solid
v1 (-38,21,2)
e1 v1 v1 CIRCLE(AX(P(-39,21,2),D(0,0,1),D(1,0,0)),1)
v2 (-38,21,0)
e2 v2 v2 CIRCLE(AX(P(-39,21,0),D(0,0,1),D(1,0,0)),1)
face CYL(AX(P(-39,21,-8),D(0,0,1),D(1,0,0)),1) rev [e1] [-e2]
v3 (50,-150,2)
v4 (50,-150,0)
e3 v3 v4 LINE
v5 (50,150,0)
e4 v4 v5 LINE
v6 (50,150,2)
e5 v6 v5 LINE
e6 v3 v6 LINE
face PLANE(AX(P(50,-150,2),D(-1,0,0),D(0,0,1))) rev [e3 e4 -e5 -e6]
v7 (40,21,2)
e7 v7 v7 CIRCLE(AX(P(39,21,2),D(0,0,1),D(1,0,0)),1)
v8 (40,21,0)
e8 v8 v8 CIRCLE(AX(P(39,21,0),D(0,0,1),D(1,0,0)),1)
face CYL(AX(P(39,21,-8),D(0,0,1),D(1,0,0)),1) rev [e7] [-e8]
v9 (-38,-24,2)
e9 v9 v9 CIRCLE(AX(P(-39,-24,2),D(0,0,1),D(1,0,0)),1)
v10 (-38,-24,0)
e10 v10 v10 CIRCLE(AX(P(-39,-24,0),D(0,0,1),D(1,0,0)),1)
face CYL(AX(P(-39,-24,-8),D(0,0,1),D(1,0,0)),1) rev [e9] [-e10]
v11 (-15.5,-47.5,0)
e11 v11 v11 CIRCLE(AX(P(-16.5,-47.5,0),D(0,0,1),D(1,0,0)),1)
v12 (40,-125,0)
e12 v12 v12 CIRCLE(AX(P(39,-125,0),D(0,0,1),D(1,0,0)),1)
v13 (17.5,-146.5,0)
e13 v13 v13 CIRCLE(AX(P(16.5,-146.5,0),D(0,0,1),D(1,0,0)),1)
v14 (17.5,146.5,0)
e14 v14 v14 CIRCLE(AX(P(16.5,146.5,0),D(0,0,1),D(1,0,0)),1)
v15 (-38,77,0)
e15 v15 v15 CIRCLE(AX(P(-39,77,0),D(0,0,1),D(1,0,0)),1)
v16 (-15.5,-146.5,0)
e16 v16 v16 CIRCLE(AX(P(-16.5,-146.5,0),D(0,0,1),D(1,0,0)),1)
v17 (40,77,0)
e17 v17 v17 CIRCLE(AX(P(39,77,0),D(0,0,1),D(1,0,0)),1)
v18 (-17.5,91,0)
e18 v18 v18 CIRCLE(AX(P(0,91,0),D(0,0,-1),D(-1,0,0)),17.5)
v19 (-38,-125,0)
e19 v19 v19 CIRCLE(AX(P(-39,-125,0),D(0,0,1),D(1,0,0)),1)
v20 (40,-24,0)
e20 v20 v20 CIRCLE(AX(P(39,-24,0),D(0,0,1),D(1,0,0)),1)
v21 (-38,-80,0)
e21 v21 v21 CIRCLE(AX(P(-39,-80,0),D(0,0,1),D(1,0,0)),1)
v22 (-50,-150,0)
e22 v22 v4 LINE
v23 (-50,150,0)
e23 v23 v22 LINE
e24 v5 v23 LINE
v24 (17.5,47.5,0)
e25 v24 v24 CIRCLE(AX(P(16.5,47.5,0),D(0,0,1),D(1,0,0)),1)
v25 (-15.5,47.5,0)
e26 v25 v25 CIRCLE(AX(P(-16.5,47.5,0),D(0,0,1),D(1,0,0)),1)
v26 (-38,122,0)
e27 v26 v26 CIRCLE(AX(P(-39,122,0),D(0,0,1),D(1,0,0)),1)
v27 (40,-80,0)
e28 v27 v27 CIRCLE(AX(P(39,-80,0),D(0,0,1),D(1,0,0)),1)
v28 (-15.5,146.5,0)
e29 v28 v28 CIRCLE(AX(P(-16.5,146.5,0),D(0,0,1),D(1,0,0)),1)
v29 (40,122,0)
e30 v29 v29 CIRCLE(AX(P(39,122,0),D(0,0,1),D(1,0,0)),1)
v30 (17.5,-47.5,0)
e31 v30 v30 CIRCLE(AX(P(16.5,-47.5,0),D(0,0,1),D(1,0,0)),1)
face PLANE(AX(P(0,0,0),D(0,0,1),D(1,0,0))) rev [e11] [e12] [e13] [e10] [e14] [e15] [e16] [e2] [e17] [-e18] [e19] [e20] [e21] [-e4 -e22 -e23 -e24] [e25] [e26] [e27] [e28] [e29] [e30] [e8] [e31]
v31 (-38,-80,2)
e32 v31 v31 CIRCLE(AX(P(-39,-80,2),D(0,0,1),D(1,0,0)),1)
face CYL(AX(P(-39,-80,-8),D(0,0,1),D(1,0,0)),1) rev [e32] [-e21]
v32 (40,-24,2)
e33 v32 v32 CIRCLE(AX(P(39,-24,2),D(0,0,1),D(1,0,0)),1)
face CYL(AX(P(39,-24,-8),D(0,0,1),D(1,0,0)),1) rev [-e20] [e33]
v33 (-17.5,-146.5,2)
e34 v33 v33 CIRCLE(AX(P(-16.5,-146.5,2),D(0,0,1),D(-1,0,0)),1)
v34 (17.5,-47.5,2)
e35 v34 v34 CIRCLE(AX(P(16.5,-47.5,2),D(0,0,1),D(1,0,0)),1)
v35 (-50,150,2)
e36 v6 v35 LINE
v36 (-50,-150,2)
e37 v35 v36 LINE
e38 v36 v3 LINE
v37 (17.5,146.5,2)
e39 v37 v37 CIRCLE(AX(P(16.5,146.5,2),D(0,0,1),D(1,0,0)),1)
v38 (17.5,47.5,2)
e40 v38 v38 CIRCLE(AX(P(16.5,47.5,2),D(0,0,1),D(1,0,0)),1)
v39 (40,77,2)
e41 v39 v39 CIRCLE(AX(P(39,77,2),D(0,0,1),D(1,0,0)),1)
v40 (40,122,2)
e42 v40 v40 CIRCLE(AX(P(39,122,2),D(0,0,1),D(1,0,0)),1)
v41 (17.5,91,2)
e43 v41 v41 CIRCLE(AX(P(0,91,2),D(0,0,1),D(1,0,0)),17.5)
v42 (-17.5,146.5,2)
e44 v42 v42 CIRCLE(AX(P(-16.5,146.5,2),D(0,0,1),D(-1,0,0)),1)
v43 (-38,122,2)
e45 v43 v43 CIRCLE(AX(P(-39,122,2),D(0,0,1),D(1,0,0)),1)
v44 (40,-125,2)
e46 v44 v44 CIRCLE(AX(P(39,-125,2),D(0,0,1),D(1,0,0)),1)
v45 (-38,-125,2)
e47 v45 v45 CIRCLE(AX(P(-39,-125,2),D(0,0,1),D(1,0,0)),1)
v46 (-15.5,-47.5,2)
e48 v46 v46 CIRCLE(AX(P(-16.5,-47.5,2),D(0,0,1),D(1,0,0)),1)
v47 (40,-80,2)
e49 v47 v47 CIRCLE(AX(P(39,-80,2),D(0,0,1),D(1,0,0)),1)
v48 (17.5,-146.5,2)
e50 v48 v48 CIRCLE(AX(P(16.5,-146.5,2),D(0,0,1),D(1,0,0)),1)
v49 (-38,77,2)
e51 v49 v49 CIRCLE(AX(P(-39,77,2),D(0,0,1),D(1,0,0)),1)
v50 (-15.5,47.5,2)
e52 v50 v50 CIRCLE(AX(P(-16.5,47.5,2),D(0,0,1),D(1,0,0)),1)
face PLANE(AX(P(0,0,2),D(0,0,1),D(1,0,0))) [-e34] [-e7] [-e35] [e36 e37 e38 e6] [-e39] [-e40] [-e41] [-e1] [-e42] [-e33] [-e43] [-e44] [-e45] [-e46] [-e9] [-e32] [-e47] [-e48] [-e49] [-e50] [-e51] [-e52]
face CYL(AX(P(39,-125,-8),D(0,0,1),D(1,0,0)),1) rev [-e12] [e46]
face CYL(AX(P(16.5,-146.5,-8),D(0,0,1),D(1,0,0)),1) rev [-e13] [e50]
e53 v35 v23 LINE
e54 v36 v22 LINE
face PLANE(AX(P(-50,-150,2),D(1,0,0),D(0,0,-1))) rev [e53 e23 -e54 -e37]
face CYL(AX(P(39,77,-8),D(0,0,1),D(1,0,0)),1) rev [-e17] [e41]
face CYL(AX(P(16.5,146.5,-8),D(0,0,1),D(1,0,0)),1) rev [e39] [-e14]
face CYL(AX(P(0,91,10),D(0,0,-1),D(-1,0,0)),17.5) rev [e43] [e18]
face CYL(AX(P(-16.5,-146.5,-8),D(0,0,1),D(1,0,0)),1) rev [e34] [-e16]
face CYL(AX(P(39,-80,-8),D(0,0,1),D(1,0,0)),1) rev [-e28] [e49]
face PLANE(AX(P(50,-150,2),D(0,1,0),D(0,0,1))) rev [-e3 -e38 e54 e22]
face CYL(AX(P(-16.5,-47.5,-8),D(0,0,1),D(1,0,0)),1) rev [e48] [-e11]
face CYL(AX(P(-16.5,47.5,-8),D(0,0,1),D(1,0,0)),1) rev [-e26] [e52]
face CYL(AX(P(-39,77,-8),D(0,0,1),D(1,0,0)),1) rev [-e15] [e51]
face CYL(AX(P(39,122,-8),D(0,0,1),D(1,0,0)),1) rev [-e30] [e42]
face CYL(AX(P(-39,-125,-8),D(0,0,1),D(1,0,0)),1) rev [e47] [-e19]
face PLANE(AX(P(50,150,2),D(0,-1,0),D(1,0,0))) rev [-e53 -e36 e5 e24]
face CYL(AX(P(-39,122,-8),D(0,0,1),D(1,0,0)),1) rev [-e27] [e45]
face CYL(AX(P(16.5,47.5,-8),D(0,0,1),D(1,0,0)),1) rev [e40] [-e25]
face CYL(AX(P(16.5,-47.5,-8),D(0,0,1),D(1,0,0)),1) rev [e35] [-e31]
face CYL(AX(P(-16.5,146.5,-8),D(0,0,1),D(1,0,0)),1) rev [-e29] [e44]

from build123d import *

# Parameters (mm, degrees)
SKETCH1_W           = 100
SKETCH1_H           = 300
BOSS_EXTRUDE1_DEPTH = 2
SKETCH2_R           = 1
CUT_EXTRUDE1_DEPTH  = 10
SKETCH3_R           = 17.5
CUT_EXTRUDE2_DEPTH  = 10
SKETCH5_R           = 1
CUT_EXTRUDE3_DEPTH  = 10


with BuildPart() as part:
    # Sketch1 → Boss-Extrude1 (new body)
    with BuildSketch(Plane.XY):
        Rectangle(SKETCH1_W, SKETCH1_H)
    extrude(amount=BOSS_EXTRUDE1_DEPTH)

    # Sketch2 → Cut-Extrude1 (cut)
    with BuildSketch(Plane.XY.offset(2)):
        with Locations((-39, 122)):
            Circle(SKETCH2_R)
        with Locations((-39, 77)):
            Circle(SKETCH2_R)
        with Locations((39, 122)):
            Circle(SKETCH2_R)
        with Locations((39, 77)):
            Circle(SKETCH2_R)
        with Locations((-39, 21)):
            Circle(SKETCH2_R)
        with Locations((-39, -24)):
            Circle(SKETCH2_R)
        with Locations((39, 21)):
            Circle(SKETCH2_R)
        with Locations((39, -24)):
            Circle(SKETCH2_R)
        with Locations((-39, -80)):
            Circle(SKETCH2_R)
        with Locations((-39, -125)):
            Circle(SKETCH2_R)
        with Locations((39, -80)):
            Circle(SKETCH2_R)
        with Locations((39, -125)):
            Circle(SKETCH2_R)
        with Locations((16.5, -146.5)):
            Circle(SKETCH2_R)
        with Locations((-16.5, -146.5)):
            Circle(SKETCH2_R)
        with Locations((-16.5, 146.5)):
            Circle(SKETCH2_R)
        with Locations((16.5, 146.5)):
            Circle(SKETCH2_R)
    extrude(amount=-CUT_EXTRUDE1_DEPTH, mode=Mode.SUBTRACT)

    # Sketch3 → Cut-Extrude2 (cut)
    with BuildSketch(Plane(origin=(0, 0, 0), x_dir=(-1, 0, 0), z_dir=(0, 0, -1))):
        with Locations((0, 91)):
            Circle(SKETCH3_R)
    extrude(amount=-CUT_EXTRUDE2_DEPTH, mode=Mode.SUBTRACT)

    # Sketch5 → Cut-Extrude3 (cut)
    with BuildSketch(Plane.XY.offset(2)):
        with Locations((-16.5, 47.5)):
            Circle(SKETCH5_R)
        with Locations((16.5, 47.5)):
            Circle(SKETCH5_R)
        with Locations((-16.5, -47.5)):
            Circle(SKETCH5_R)
        with Locations((16.5, -47.5)):
            Circle(SKETCH5_R)
    extrude(amount=-CUT_EXTRUDE3_DEPTH, mode=Mode.SUBTRACT)


solid = part.part
